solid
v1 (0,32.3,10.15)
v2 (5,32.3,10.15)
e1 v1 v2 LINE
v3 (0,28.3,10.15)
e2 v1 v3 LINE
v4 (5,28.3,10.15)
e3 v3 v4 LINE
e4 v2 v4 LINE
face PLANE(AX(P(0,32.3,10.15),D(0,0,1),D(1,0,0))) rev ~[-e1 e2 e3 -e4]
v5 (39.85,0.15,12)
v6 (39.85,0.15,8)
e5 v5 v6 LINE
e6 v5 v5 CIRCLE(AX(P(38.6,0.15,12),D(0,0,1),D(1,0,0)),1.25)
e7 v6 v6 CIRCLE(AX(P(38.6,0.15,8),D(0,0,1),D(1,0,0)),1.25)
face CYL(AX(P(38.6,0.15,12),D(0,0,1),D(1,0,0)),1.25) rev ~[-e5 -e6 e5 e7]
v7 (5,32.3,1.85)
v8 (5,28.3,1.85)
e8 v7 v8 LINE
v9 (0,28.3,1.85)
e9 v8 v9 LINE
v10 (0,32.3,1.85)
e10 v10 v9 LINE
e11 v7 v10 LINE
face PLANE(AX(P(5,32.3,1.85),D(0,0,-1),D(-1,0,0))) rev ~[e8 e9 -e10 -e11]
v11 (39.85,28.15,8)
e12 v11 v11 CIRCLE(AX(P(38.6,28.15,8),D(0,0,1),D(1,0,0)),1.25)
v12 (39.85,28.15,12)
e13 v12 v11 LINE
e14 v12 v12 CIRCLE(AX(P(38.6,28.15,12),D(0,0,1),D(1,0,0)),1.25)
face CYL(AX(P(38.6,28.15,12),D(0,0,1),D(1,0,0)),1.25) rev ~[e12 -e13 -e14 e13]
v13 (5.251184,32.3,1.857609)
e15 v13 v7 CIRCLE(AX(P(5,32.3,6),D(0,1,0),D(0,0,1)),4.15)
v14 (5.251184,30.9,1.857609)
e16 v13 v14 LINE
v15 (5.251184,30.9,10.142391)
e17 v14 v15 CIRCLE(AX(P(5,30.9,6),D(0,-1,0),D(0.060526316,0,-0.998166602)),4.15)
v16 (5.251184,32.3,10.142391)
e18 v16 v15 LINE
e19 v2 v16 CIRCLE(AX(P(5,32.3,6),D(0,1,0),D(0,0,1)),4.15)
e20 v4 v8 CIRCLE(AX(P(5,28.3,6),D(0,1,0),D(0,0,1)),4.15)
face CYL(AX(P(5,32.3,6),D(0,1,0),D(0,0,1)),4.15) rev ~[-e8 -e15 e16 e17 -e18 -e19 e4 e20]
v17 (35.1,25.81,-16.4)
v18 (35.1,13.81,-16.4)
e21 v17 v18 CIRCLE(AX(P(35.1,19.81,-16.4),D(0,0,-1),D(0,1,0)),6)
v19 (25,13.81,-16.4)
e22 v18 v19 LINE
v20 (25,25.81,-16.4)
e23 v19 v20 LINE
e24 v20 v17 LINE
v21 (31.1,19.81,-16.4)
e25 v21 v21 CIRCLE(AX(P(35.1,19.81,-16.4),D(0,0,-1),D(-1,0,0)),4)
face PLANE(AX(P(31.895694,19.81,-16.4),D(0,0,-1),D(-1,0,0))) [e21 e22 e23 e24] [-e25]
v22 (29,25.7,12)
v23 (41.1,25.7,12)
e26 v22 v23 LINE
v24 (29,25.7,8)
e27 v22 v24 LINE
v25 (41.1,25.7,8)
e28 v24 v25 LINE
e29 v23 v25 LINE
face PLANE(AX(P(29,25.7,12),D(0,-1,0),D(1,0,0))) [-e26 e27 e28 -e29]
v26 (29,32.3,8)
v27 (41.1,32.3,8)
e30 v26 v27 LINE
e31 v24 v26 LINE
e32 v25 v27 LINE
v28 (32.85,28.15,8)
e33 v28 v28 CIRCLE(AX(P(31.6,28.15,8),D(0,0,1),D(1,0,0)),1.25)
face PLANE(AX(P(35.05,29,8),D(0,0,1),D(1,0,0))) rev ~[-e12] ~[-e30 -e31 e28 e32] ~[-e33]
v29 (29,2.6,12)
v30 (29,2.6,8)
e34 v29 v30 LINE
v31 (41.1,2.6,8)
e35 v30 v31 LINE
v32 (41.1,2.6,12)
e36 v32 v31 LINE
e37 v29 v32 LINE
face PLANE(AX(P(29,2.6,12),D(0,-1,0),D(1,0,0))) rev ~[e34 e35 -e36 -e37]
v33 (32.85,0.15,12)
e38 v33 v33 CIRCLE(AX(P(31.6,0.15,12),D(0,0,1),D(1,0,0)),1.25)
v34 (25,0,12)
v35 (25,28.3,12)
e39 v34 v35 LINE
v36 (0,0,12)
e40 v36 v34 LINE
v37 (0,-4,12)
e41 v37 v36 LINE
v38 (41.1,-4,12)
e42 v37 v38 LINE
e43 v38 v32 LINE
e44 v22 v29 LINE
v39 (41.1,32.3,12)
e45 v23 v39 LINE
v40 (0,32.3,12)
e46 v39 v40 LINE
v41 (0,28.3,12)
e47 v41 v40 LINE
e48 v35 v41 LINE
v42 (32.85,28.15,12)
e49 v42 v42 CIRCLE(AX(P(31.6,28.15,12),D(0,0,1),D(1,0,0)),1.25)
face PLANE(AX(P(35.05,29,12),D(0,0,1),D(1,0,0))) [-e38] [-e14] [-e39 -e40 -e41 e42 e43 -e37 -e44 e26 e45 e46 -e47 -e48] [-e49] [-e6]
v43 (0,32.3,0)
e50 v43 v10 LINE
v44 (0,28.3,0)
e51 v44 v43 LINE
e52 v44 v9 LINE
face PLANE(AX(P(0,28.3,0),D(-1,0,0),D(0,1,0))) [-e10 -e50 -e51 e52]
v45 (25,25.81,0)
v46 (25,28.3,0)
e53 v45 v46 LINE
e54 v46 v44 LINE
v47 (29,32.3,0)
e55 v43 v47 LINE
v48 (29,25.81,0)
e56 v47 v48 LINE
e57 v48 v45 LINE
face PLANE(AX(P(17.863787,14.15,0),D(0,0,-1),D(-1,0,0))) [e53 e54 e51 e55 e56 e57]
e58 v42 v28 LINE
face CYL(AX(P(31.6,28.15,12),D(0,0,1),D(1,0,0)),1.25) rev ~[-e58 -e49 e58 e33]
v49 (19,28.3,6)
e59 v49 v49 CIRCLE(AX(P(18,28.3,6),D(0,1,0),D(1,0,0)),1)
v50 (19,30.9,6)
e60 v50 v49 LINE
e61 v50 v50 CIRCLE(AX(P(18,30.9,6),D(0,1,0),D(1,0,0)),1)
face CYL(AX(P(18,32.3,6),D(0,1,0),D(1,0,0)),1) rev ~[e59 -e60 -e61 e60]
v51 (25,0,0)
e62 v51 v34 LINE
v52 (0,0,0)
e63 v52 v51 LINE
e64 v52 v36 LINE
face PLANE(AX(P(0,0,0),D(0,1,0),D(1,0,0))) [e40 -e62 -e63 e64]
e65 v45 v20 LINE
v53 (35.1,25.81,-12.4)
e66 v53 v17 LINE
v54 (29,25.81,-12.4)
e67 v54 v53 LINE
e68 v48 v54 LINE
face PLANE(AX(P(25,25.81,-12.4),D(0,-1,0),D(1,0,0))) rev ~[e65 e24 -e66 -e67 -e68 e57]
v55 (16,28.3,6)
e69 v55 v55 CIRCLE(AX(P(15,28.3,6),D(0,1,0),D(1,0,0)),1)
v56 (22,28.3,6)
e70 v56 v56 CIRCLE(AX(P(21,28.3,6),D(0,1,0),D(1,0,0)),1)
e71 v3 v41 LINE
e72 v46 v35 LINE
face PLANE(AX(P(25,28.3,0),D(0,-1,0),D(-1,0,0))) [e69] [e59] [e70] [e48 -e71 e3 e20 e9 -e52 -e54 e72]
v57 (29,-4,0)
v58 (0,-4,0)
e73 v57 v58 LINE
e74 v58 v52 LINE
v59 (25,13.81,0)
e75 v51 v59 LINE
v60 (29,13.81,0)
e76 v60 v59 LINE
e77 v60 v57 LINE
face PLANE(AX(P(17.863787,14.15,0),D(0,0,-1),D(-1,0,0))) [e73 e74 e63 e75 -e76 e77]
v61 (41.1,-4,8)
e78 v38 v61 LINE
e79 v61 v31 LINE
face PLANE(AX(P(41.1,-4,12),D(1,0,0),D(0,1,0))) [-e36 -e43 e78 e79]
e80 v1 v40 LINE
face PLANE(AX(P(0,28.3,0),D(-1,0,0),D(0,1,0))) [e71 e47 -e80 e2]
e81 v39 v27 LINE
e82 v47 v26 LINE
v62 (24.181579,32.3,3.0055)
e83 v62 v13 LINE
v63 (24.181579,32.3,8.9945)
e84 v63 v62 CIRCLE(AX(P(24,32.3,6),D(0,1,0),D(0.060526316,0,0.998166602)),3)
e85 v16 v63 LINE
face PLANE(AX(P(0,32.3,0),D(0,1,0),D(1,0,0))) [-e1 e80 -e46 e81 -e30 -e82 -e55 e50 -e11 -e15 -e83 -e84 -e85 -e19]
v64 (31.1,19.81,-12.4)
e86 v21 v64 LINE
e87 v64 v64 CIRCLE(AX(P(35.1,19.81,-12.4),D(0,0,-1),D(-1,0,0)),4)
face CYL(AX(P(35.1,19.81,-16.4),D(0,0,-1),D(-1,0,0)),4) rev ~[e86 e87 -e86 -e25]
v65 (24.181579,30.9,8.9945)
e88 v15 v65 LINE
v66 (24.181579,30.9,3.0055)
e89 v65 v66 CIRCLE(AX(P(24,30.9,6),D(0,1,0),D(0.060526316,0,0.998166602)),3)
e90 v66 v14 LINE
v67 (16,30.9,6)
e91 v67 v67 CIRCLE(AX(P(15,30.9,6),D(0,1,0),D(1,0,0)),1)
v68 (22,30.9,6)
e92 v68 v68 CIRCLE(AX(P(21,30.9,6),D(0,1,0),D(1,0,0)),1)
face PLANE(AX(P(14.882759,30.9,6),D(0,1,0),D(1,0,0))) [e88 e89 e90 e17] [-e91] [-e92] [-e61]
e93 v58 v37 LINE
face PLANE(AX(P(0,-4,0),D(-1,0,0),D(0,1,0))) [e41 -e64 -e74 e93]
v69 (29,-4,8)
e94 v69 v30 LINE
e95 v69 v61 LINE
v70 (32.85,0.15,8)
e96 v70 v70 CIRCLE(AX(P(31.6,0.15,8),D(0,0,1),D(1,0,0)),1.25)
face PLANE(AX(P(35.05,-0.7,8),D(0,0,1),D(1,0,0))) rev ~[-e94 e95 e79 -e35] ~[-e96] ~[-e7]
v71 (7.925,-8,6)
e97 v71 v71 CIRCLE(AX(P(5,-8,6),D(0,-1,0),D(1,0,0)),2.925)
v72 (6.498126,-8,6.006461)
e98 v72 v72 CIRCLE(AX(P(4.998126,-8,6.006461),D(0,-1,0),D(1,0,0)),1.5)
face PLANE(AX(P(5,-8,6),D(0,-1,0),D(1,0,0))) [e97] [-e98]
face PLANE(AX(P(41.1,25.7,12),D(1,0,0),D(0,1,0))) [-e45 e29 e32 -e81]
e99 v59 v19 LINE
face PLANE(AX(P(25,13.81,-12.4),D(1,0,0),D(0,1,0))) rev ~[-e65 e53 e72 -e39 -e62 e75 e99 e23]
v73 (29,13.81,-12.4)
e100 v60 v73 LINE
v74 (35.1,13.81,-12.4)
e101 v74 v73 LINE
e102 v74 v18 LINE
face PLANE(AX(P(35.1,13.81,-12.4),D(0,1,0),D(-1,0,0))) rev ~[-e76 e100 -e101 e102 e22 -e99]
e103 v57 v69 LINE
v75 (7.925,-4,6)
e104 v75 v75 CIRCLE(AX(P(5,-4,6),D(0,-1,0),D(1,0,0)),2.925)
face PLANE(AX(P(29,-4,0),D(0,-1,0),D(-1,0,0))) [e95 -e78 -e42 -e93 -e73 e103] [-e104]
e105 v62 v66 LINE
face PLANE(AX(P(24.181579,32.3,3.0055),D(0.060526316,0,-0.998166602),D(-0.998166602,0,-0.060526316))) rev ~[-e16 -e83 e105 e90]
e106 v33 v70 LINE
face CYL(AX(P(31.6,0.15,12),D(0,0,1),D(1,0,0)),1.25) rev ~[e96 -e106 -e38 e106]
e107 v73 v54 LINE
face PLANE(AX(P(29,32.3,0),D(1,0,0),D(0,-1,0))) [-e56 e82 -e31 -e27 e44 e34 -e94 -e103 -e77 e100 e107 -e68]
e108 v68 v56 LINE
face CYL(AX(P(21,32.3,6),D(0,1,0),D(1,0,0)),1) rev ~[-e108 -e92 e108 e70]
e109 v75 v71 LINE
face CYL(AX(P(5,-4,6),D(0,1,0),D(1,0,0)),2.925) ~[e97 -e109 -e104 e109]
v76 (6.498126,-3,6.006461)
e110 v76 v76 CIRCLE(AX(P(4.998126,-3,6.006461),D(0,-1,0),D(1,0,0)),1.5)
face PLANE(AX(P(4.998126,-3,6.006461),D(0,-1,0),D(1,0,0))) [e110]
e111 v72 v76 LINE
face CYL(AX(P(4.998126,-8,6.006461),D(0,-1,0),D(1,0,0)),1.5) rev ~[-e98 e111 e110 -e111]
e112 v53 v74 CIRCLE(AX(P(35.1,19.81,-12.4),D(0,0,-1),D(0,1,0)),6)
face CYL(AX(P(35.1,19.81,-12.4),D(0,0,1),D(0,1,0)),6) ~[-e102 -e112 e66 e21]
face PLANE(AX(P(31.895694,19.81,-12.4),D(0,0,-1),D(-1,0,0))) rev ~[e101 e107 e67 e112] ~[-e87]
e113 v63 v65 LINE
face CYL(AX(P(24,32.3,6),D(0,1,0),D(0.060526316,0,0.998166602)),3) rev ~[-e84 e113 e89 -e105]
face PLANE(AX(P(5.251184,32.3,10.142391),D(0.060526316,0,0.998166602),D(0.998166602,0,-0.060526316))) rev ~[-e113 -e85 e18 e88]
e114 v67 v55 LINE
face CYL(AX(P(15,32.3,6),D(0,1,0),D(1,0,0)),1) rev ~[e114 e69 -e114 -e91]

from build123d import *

# Parameters (mm, degrees)
EXTRUDE_1_DEPTH     = 12
SKETCH_2_R          = 2.925
EXTRUDE_2_DEPTH     = 4
SKETCH_3_W          = 12.1
SKETCH_3_H          = 6.6
SKETCH_3_R          = 1.25
EXTRUDE_3_DEPTH     = 4
SKETCH_4_W          = 12.4
SKETCH_4_H          = 12
EXTRUDE_4_DEPTH     = 4
EXTRUDE_5_DEPTH     = 4
SKETCH_6_R          = 4
CUT_EXTRUDE_1_DEPTH = 4
CUT_EXTRUDE_2_DEPTH = 4
SKETCH_8_R          = 1
CUT_EXTRUDE_3_DEPTH = 1.4
SKETCH_8_3_R        = 1
CUT_EXTRUDE_4_DEPTH = 4
SKETCH_9_R          = 1.5
CUT_EXTRUDE_5_DEPTH = 5


with BuildPart() as part:
    # 草图1 → 凸台-拉伸1 (new body)
    with BuildSketch(Plane.XY):
        Polygon((0, 0), (25, 0), (25, 28.3), (0, 28.3), (0, 32.3), (29, 32.3), (29, -4), (0, -4), align=None)
    extrude(amount=EXTRUDE_1_DEPTH)

    # 草图2 → 凸台-拉伸2 (add)
    with BuildSketch(Plane.XZ.offset(4)):
        with Locations((5, 6)):
            Circle(SKETCH_2_R)
    extrude(amount=EXTRUDE_2_DEPTH)

    # 草图3 → 凸台-拉伸3 (add)
    # profile 1 of 2: a face of its own
    with BuildSketch(Plane.XY.offset(12)):
        with Locations((35.05, 29)):
            Rectangle(SKETCH_3_W, SKETCH_3_H)
        with Locations((31.6, 28.15)):
            Circle(SKETCH_3_R, mode=Mode.SUBTRACT)
        with Locations((38.6, 28.15)):
            Circle(SKETCH_3_R, mode=Mode.SUBTRACT)
    # profile 2 of 2: a face of its own
    with BuildSketch(Plane.XY.offset(12)):
        with Locations((35.05, -0.7)):
            Rectangle(SKETCH_3_W, SKETCH_3_H)
        with Locations((38.6, 0.15)):
            Circle(SKETCH_3_R, mode=Mode.SUBTRACT)
        with Locations((31.6, 0.15)):
            Circle(SKETCH_3_R, mode=Mode.SUBTRACT)
    extrude(amount=-EXTRUDE_3_DEPTH)

    # 草图4 → 凸台-拉伸4 (add)
    with BuildSketch(Plane(origin=(29, 0, 0), x_dir=(0, 0, -1), z_dir=(1, 0, 0))):
        with Locations((6.2, 19.81)):
            Rectangle(SKETCH_4_W, SKETCH_4_H)
    extrude(amount=-EXTRUDE_4_DEPTH)

    # 草图5 → 凸台-拉伸5 (add)
    with BuildSketch(Plane(origin=(0, 0, -12.4), x_dir=(-1, 0, 0), z_dir=(0, 0, -1))):
        with BuildLine():
            Line((-35.1, 13.81), (-25, 13.81))
            Line((-25, 13.81), (-25, 25.81))
            Line((-25, 25.81), (-35.1, 25.81))
            ThreePointArc((-35.1, 25.81), (-41.1, 19.81), (-35.1, 13.81))
        make_face()
    extrude(amount=EXTRUDE_5_DEPTH)

    # 草图6 → 切除-拉伸1 (cut)
    with BuildSketch(Plane(origin=(0, 0, -16.4), x_dir=(-1, 0, 0), z_dir=(0, 0, -1))):
        with Locations((-35.1, 19.81)):
            Circle(SKETCH_6_R)
    extrude(amount=-CUT_EXTRUDE_1_DEPTH, mode=Mode.SUBTRACT)

    # 草图7 → 切除-拉伸2 (cut)
    with BuildSketch(Plane(origin=(0, 32.3, 0), x_dir=(1, 0, 0), z_dir=(0, 1, 0))):
        with BuildLine():
            Line((0, -1.85), (0, -10.15))
            Line((0, -10.15), (5, -10.15))
            ThreePointArc((5, -10.15), (9.15, -6), (5, -1.85))
            Line((5, -1.85), (0, -1.85))
        make_face()
    extrude(amount=-CUT_EXTRUDE_2_DEPTH, mode=Mode.SUBTRACT)

    # 草图8 → 切除-拉伸3 (cut)
    with BuildSketch(Plane(origin=(0, 32.3, 0), x_dir=(1, 0, 0), z_dir=(0, 1, 0))):
        with BuildLine():
            ThreePointArc((5.251184211, -1.857608602), (9.15, -6), (5.251184211, -10.142391398))
            Line((5.251184211, -10.142391398), (24.181578947, -8.994499806))
            ThreePointArc((24.181578947, -8.994499806), (27, -6), (24.181578947, -3.005500194))
            Line((24.181578947, -3.005500194), (5.251184211, -1.857608602))
        make_face()
        with Locations((21, -6)):
            Circle(SKETCH_8_R, mode=Mode.SUBTRACT)
        with Locations((18, -6)):
            Circle(SKETCH_8_R, mode=Mode.SUBTRACT)
        with Locations((15, -6)):
            Circle(SKETCH_8_R, mode=Mode.SUBTRACT)
    extrude(amount=-CUT_EXTRUDE_3_DEPTH, mode=Mode.SUBTRACT)

    # 草图8<3> → 切除-拉伸4 (cut)
    with BuildSketch(Plane(origin=(0, 32.3, 0), x_dir=(1, 0, 0), z_dir=(0, 1, 0))):
        with Locations((15, -6)):
            Circle(SKETCH_8_3_R)
        with Locations((18, -6)):
            Circle(SKETCH_8_3_R)
        with Locations((21, -6)):
            Circle(SKETCH_8_3_R)
    extrude(amount=-CUT_EXTRUDE_4_DEPTH, mode=Mode.SUBTRACT)

    # 草图9 → 切除-拉伸5 (cut)
    with BuildSketch(Plane.XZ.offset(8)):
        with Locations((4.998125707, 6.006461186)):
            Circle(SKETCH_9_R)
    extrude(amount=-CUT_EXTRUDE_5_DEPTH, mode=Mode.SUBTRACT)


solid = part.part
